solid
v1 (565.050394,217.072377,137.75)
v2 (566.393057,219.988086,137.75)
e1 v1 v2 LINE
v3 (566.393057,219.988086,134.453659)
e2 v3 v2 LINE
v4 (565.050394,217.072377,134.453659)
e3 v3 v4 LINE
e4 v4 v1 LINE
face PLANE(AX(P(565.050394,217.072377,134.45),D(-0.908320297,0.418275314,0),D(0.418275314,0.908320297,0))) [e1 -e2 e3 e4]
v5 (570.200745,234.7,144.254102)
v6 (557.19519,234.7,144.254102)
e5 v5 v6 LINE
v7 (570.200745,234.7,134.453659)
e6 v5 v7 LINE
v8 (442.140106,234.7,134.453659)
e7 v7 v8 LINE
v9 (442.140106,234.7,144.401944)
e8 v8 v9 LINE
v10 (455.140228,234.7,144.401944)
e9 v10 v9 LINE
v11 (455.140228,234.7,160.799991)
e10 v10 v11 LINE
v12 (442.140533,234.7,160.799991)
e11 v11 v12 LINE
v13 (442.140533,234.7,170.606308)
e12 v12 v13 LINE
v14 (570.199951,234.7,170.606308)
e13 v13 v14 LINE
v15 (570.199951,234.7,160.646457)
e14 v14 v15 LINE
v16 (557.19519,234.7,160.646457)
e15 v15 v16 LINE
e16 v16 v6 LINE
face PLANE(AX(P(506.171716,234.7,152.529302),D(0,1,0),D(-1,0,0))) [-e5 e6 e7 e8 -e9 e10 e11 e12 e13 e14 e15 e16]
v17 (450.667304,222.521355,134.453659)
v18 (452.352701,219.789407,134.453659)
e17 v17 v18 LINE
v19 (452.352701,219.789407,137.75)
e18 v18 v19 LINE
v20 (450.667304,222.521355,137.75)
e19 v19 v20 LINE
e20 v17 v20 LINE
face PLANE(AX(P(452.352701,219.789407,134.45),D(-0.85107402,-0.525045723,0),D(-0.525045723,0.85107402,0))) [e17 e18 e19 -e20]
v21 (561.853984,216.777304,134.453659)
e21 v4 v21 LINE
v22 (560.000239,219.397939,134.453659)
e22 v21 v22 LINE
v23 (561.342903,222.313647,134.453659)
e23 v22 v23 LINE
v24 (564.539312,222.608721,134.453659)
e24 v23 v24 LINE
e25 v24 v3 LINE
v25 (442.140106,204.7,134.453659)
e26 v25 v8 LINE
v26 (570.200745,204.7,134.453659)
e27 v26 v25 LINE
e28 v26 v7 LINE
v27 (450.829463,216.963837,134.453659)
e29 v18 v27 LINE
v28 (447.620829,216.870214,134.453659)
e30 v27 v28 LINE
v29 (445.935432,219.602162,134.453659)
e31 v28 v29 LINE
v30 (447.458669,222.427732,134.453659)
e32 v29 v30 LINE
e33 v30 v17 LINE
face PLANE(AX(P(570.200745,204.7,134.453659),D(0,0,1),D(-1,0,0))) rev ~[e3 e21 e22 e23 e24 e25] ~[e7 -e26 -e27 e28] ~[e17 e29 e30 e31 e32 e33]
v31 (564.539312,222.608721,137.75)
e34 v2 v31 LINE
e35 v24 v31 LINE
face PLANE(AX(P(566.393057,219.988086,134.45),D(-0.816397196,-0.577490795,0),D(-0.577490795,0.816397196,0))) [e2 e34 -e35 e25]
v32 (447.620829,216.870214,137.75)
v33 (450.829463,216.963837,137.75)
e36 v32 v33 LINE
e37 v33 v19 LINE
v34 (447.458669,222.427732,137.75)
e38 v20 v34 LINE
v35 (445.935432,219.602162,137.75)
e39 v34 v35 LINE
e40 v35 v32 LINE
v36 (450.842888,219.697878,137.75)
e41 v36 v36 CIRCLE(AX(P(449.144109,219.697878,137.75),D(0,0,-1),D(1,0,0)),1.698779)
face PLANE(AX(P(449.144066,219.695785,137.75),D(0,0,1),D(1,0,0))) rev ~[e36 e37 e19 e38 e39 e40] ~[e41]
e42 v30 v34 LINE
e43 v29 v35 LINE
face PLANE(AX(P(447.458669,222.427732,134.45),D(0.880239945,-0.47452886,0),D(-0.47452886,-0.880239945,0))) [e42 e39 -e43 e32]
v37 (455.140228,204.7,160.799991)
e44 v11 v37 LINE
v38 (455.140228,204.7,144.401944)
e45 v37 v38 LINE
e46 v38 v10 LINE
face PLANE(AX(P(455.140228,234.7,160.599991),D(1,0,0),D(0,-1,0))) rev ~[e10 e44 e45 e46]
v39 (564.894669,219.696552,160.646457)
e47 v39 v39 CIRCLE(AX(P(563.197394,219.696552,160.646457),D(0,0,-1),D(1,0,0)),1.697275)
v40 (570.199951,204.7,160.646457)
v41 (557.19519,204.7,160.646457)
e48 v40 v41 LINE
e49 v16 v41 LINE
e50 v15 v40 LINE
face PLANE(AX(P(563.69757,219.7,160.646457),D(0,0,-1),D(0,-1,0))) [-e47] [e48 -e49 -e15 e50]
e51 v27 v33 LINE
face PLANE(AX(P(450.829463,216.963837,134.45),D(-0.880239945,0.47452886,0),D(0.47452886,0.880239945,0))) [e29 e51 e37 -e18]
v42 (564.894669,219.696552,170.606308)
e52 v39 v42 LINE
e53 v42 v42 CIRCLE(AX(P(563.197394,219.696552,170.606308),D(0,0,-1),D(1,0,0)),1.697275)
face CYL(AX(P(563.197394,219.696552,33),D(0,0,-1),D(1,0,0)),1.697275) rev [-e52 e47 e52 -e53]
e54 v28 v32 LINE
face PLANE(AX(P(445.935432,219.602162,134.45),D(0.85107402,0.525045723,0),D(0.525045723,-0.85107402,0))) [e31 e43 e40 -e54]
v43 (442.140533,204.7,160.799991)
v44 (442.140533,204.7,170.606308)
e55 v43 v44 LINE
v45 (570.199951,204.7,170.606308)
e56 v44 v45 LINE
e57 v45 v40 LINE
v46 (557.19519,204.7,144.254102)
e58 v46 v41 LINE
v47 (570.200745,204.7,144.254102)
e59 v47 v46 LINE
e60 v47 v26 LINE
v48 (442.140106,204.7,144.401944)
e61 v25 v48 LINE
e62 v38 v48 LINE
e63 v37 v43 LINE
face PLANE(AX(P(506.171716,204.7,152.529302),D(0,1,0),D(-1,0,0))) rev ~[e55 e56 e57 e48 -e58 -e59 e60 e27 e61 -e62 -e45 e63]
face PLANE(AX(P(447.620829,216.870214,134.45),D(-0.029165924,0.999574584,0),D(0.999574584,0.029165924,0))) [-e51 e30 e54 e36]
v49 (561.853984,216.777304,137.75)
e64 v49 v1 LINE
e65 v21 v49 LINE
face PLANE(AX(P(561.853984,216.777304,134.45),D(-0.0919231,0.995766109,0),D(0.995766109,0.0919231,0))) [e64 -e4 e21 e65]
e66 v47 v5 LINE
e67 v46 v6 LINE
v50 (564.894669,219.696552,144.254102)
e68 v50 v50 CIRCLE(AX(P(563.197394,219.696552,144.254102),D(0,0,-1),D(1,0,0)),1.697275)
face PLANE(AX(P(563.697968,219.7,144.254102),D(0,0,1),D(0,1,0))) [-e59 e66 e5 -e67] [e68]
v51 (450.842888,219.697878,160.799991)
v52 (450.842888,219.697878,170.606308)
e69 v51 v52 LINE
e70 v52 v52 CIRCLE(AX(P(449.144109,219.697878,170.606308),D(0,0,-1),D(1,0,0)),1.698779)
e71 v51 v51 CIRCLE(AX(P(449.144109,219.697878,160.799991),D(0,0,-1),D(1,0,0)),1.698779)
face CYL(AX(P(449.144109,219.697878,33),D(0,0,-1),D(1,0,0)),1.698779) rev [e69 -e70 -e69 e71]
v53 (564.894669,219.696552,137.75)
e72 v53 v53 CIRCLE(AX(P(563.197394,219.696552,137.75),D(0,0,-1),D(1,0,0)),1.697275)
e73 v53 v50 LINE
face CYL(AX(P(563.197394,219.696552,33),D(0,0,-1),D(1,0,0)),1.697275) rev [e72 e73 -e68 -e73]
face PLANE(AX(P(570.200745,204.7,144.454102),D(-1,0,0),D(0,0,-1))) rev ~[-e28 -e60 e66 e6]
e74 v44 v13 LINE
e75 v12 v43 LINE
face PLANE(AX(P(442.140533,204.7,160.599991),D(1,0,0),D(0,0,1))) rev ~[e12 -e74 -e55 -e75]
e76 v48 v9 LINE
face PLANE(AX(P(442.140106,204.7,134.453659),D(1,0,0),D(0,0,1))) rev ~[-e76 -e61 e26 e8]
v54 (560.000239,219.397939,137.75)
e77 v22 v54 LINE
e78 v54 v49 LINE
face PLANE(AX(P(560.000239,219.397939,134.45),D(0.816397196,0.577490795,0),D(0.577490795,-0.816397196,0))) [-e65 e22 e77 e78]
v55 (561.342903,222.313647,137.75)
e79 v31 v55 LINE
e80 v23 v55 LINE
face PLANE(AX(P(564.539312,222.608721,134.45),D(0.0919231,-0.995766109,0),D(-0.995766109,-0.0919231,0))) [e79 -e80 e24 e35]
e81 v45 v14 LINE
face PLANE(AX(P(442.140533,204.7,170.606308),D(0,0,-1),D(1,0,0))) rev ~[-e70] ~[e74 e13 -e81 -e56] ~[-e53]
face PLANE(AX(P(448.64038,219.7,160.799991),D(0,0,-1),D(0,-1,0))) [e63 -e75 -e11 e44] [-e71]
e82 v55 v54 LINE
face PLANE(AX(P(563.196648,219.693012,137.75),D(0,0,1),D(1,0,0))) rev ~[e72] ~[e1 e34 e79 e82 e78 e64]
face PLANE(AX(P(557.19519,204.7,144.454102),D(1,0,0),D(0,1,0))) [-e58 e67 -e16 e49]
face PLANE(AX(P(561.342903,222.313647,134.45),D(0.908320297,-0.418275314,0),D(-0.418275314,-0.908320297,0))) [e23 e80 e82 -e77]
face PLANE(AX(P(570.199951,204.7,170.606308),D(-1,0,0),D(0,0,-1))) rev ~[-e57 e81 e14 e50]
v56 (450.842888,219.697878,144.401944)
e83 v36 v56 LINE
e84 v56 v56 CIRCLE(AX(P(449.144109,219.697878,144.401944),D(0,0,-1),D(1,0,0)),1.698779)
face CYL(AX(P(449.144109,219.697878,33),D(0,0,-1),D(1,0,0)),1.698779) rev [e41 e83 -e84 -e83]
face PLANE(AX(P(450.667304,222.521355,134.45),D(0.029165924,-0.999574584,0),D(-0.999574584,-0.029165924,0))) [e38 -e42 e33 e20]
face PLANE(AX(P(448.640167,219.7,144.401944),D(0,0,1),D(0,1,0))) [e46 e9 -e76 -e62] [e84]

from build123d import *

# Parameters (mm, degrees)
PAD_DEPTH          = 30
SKETCH001_R        = 1.698779
SKETCH001_R_2      = 1.697275
POCKET_DEPTH       = 137.607308
POCKET001_DEPTH    = 3.3
POCKET001_FACE8_W  = 30
POCKET001_FACE8_H  = 12.999695
POCKET001_FACE8_R  = 1.698779
POCKET002_DEPTH    = 0.2
POCKET002_FACE11_W = 30
POCKET002_FACE11_H = 13.000122
POCKET002_FACE11_R = 1.698779
POCKET003_DEPTH    = 0.2
POCKET003_FACE16_W = 30
POCKET003_FACE16_H = 13.005555
POCKET003_FACE16_R = 1.697275
POCKET004_DEPTH    = 0.2
POCKET004_FACE19_W = 30
POCKET004_FACE19_H = 13.004761
POCKET004_FACE19_R = 1.697275
POCKET005_DEPTH    = 0.2


with BuildPart() as part:
    # Sketch → Pad (new body)
    with BuildSketch(Plane.XZ.offset(-204.7)):
        Polygon((442.140533, 170.606308), (570.199951, 170.606308), (570.199951, 160.446457), (557.19519, 160.446457), (557.19519, 144.454102), (570.200745, 144.454102), (570.200745, 134.453659), (442.140106, 134.453659), (442.140106, 144.601944), (455.140228, 144.601944), (455.140228, 160.599991), (442.140533, 160.599991), align=None)
    extrude(amount=-PAD_DEPTH)

    # Sketch001 → Pocket (cut, through all)
    with BuildSketch(Plane.XY.offset(33)):
        with Locations((449.144109, 219.697878)):
            Circle(SKETCH001_R)
        with Locations((563.197394, 219.696552)):
            Circle(SKETCH001_R_2)
    extrude(amount=POCKET_DEPTH, mode=Mode.SUBTRACT)

    # Sketch002 → Pocket001 (cut)
    with BuildSketch(Plane.XY.offset(134.45)):
        Polygon((447.4586694554, 222.4277322113), (445.9354318133, 219.6021619882), (447.6208285856, 216.8702143825), (450.829463, 216.963837), (452.3527006421, 219.7894072231), (450.6673038698, 222.5213548287), align=None)
        Polygon((561.3429027745, 222.3136473905), (560.000239016, 219.3979392379), (561.8539844669, 216.7773042379), (565.0503936764, 217.0723773905), (566.393057435, 219.9880855431), (564.539311984, 222.6087205431), align=None)
    extrude(amount=POCKET001_DEPTH, mode=Mode.SUBTRACT)

    # Pocket001 Face8 → Pocket002 (cut)
    with BuildSketch(Plane(origin=(448.6283915528, 219.7000505045, 160.599991), x_dir=(0, -1, 0), z_dir=(0, 0, -1))):
        with Locations((5.05045e-05, -0.0119889472)):
            Rectangle(POCKET001_FACE8_W, POCKET001_FACE8_H)
        with Locations((0.0021725045, -0.5157174472)):
            Circle(POCKET001_FACE8_R, mode=Mode.SUBTRACT)
    extrude(amount=-POCKET002_DEPTH, mode=Mode.SUBTRACT)

    # Pocket002 Face11 → Pocket003 (cut)
    with BuildSketch(Plane(origin=(448.6281733748, 219.7000505028, 144.601944), x_dir=(0, 1, 0), z_dir=(0, 0, 1))):
        with Locations((-5.05028e-05, -0.0119936252)):
            Rectangle(POCKET002_FACE11_W, POCKET002_FACE11_H)
        with Locations((-0.0021725028, -0.5159356252)):
            Circle(POCKET002_FACE11_R, mode=Mode.SUBTRACT)
    extrude(amount=-POCKET003_DEPTH, mode=Mode.SUBTRACT)

    # Pocket003 Face16 → Pocket004 (cut)
    with BuildSketch(Plane(origin=(563.709854284, 219.7000818773, 144.454102), x_dir=(0, 1, 0), z_dir=(0, 0, 1))):
        with Locations((-8.18773e-05, 0.011886784)):
            Rectangle(POCKET003_FACE16_W, POCKET003_FACE16_H)
        with Locations((-0.0035298773, 0.512460284)):
            Circle(POCKET003_FACE16_R, mode=Mode.SUBTRACT)
    extrude(amount=-POCKET004_DEPTH, mode=Mode.SUBTRACT)

    # Pocket004 Face19 → Pocket005 (cut)
    with BuildSketch(Plane(origin=(563.7094485991, 219.7000818825, 160.446457), x_dir=(0, -1, 0), z_dir=(0, 0, -1))):
        with Locations((8.18825e-05, 0.0118780991)):
            Rectangle(POCKET004_FACE19_W, POCKET004_FACE19_H)
        with Locations((0.0035298825, 0.5120545991)):
            Circle(POCKET004_FACE19_R, mode=Mode.SUBTRACT)
    extrude(amount=-POCKET005_DEPTH, mode=Mode.SUBTRACT)


solid = part.part
